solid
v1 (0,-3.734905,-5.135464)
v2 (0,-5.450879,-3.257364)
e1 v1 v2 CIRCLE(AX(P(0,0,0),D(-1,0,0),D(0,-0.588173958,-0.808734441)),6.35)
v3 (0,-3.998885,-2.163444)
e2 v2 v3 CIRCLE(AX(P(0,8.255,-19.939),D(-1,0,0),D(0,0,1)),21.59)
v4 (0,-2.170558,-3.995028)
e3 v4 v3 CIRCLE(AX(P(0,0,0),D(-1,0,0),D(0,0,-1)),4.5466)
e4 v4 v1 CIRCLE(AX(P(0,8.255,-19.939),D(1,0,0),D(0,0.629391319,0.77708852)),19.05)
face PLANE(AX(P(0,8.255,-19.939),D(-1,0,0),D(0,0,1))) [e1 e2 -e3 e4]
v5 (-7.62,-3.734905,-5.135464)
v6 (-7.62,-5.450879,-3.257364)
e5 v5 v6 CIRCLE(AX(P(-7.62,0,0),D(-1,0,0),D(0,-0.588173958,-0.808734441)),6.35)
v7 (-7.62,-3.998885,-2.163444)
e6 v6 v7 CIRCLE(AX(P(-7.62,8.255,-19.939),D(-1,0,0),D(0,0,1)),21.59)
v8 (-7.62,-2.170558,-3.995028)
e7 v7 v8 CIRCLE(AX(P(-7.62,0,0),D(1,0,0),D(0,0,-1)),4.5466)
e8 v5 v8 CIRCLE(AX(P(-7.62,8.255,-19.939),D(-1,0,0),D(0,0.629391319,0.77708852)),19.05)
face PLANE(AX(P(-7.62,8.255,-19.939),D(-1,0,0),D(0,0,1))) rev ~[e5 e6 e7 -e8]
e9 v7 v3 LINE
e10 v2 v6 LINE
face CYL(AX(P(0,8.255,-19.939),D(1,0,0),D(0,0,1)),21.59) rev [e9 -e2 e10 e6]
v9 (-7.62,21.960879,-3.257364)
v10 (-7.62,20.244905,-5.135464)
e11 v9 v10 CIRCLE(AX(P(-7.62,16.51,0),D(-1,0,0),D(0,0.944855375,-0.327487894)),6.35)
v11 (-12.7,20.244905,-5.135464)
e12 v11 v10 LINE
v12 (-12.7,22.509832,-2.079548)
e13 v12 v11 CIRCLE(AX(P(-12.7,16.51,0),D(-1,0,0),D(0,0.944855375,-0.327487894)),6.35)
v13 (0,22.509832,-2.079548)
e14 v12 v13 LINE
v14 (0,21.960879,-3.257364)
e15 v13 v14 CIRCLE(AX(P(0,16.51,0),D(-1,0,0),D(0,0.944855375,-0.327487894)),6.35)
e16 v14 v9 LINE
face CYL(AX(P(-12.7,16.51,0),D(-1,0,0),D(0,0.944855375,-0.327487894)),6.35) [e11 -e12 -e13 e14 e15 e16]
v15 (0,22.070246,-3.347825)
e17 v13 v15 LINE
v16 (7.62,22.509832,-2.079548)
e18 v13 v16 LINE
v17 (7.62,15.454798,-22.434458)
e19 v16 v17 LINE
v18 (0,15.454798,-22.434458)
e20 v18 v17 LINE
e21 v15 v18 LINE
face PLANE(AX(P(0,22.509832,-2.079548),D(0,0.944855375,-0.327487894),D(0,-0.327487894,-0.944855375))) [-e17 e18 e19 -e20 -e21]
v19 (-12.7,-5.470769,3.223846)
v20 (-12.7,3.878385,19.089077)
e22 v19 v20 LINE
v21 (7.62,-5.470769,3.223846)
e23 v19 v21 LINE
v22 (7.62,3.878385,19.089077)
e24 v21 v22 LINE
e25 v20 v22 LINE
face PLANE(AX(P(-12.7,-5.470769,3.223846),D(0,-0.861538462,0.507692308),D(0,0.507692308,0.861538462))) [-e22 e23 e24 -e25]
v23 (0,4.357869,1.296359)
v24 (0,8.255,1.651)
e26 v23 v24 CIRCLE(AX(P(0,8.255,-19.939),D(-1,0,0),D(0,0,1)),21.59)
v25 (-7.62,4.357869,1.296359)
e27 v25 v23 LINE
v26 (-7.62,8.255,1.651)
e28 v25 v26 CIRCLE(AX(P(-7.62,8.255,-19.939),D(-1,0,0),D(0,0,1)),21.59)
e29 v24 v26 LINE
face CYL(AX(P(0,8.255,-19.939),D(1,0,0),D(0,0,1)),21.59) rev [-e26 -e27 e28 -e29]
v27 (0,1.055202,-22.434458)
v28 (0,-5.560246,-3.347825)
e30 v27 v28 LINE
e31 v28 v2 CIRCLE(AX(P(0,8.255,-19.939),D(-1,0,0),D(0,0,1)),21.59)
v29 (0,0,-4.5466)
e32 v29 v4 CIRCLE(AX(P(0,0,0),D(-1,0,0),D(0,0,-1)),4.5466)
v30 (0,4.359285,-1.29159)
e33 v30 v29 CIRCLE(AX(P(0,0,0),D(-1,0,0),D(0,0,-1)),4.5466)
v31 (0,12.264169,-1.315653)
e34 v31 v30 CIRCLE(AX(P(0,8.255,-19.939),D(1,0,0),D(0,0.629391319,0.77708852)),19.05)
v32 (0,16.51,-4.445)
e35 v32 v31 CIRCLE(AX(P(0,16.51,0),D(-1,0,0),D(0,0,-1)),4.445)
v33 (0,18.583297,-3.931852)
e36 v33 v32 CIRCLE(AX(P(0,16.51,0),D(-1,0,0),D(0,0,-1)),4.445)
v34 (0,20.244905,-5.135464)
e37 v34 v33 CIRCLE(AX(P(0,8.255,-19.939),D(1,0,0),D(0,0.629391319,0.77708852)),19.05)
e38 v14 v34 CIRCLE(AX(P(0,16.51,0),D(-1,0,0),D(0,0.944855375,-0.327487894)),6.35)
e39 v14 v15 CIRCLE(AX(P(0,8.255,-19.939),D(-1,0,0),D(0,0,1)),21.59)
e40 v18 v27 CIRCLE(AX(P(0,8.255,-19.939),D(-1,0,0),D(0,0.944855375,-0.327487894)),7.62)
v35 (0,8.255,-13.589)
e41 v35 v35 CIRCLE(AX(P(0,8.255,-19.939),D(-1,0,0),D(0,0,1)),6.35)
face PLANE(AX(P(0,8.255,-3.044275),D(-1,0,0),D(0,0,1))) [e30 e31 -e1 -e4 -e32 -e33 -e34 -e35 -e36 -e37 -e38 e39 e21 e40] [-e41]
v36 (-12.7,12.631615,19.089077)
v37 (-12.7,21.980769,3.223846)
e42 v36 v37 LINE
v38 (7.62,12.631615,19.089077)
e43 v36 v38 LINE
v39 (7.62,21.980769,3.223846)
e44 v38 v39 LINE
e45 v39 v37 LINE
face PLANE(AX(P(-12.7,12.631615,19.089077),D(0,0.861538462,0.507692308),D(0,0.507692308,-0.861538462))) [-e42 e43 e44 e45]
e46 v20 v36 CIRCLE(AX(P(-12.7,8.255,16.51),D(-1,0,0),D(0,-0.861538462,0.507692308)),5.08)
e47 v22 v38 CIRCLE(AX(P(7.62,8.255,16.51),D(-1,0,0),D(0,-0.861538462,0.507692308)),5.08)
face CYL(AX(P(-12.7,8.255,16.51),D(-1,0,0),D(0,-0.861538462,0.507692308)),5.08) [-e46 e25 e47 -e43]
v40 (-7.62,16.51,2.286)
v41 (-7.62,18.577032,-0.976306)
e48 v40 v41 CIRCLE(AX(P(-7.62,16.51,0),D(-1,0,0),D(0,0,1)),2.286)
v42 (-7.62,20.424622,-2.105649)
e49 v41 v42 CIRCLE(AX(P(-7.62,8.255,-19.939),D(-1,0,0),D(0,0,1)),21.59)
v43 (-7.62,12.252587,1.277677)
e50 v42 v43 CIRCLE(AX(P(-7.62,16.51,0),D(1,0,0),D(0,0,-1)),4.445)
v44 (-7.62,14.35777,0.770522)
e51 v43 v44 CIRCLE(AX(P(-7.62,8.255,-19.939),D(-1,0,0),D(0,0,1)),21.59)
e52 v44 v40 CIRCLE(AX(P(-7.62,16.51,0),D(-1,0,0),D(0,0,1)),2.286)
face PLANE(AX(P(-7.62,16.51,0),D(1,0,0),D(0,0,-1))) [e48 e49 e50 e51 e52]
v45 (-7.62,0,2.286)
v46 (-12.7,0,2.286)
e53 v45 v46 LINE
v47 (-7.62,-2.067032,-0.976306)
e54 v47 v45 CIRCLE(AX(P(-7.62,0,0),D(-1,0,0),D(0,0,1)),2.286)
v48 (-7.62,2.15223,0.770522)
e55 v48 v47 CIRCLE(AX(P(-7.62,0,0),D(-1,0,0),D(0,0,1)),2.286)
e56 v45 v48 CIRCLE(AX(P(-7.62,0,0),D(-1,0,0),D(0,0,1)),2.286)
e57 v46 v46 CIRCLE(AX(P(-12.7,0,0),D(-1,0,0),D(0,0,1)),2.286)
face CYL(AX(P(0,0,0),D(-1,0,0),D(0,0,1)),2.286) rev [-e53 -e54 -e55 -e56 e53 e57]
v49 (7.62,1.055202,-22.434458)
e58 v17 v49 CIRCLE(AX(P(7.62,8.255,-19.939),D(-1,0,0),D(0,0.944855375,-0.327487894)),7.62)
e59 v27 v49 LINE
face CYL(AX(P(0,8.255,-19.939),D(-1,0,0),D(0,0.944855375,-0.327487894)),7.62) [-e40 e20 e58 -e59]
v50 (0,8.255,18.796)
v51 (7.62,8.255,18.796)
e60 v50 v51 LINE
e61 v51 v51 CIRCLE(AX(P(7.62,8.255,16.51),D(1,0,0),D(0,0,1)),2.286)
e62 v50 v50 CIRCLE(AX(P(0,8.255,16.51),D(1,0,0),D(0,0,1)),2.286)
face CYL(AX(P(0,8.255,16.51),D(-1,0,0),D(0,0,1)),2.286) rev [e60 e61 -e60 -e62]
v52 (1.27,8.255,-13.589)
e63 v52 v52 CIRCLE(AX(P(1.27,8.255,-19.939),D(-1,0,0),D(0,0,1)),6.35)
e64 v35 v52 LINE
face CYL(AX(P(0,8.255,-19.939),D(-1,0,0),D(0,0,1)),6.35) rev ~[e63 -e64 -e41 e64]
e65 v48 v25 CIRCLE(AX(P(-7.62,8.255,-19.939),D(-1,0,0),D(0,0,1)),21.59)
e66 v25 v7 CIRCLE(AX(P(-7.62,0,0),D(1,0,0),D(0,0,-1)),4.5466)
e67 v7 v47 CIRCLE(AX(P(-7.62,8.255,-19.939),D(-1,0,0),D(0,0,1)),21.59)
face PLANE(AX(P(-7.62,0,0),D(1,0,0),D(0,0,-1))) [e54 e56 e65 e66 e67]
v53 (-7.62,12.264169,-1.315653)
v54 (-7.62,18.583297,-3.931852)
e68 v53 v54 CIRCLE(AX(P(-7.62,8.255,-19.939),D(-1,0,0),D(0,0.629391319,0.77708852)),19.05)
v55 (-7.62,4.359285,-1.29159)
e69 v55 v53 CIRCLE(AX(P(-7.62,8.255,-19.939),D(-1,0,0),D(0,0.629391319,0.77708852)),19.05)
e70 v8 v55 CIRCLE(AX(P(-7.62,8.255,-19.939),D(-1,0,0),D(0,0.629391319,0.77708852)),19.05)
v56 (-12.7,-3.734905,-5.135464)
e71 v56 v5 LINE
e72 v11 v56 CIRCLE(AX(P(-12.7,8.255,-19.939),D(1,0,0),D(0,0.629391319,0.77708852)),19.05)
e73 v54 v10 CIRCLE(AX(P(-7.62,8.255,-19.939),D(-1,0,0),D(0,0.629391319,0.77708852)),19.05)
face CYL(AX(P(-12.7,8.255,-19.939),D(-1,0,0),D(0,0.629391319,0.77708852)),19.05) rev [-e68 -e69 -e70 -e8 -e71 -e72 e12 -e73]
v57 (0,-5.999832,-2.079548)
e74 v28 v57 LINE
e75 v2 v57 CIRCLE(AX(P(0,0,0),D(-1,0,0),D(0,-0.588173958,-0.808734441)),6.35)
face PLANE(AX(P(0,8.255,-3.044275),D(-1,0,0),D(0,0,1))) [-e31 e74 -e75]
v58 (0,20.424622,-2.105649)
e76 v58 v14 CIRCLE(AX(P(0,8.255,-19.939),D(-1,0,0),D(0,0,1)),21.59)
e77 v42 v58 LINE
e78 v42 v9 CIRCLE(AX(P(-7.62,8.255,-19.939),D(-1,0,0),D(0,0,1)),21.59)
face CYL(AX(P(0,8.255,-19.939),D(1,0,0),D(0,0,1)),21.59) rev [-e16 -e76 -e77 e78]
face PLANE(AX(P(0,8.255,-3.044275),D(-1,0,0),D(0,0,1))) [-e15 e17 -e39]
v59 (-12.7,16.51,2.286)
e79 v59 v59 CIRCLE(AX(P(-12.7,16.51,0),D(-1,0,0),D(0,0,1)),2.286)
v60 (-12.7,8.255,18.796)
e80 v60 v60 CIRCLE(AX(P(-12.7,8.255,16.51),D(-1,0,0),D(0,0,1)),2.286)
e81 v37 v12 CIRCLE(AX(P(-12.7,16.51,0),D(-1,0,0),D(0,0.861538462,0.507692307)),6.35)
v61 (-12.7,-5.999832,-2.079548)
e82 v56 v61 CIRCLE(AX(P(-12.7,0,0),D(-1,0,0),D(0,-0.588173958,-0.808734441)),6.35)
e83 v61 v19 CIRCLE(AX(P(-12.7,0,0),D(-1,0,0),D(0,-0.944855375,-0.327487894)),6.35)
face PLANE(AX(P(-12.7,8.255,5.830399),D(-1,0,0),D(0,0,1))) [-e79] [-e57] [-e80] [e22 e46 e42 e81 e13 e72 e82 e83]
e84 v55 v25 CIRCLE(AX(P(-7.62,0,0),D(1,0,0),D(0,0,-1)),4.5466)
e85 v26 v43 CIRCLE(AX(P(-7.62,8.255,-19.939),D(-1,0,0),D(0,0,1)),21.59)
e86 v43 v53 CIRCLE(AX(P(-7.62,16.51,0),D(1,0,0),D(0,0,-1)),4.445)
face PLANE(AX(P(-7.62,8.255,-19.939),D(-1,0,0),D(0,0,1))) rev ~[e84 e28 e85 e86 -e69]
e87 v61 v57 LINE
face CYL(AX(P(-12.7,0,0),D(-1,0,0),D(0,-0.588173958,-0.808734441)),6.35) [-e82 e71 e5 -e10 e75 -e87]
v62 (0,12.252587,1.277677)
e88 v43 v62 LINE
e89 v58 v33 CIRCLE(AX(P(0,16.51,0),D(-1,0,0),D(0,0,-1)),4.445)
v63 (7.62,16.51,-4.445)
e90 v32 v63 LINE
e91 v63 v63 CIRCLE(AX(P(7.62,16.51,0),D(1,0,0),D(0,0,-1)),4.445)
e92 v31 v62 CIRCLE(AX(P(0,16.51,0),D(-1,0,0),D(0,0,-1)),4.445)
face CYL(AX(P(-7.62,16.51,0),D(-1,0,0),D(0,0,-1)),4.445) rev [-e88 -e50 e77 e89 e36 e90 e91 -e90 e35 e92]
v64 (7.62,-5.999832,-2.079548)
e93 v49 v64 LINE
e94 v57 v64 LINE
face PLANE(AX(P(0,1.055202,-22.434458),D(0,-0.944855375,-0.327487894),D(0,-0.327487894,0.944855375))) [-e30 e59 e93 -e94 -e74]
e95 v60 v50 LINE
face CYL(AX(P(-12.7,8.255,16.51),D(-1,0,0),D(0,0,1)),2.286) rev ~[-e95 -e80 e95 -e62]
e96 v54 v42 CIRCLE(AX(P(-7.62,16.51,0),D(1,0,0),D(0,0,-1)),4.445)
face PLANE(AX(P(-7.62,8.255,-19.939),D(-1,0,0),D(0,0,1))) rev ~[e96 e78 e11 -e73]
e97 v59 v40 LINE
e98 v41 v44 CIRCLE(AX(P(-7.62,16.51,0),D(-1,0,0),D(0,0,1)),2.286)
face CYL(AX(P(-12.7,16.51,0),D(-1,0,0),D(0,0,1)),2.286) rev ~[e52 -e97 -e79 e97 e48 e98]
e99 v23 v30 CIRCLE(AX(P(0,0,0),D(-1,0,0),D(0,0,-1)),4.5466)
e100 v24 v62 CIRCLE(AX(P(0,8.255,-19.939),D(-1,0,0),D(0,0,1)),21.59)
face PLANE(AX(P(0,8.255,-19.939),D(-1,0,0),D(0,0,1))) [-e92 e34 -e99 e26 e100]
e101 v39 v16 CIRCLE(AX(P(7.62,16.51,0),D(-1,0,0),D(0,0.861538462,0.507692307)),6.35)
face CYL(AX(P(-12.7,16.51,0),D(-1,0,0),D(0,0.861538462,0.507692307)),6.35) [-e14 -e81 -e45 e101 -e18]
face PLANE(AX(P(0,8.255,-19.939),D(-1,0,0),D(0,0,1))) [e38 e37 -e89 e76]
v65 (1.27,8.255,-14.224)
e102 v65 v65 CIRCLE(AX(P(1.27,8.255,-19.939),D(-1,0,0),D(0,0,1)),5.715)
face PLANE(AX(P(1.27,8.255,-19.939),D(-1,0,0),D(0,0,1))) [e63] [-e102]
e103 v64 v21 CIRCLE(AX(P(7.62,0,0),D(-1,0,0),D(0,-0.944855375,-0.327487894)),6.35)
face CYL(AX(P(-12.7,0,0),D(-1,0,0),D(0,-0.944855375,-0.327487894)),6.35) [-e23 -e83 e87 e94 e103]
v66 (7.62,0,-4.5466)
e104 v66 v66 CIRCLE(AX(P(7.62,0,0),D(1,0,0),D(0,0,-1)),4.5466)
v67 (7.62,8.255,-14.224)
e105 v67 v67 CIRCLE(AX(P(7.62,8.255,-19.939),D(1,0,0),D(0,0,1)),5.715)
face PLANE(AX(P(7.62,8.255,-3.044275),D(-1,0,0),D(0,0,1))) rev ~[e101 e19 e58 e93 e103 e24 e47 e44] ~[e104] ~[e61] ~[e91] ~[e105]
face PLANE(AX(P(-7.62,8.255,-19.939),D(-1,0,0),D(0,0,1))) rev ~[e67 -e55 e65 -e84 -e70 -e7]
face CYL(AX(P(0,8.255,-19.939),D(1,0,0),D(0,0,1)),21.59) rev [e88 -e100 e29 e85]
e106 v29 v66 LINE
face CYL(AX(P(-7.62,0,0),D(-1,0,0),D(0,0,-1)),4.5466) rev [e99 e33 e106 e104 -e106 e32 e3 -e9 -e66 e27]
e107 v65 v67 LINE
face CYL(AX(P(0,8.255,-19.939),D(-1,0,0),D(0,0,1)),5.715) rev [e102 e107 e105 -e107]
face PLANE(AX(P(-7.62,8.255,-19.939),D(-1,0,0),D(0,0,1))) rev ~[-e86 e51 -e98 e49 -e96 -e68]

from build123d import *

# Parameters (mm, degrees)
SKETCH1_R           = 5.715
SKETCH1_R_2         = 2.286
BOSS_EXTRUDE1_DEPTH = 7.62
BOSS_EXTRUDE2_START = 12.7
SKETCH2_R           = 2.286
BOSS_EXTRUDE2_DEPTH = 12.7
SKETCH3_R           = 6.35
CUT_EXTRUDE1_DEPTH  = 1.27
SKETCH5_R           = 21.59
CUT_EXTRUDE3_DEPTH  = 7.62
CUT_EXTRUDE2_START  = -15.24
SKETCH4_R           = 4.5466
SKETCH4_R_2         = 4.445
CUT_EXTRUDE2_DEPTH  = 15.24


with BuildPart() as part:
    # Sketch1 → Boss-Extrude1 (new body)
    with BuildSketch(Plane(origin=(0, 0, 0), x_dir=(0, 0, -1), z_dir=(1, 0, 0))):
        with BuildLine():
            Line((2.079548127, 22.50983163), (22.434457752, 15.454797956))
            ThreePointArc((22.434457752, 15.454797956), (27.559, 8.255), (22.434457752, 1.055202044))
            Line((22.434457752, 1.055202044), (2.079548127, -5.99983163))
            ThreePointArc((2.079548127, -5.99983163), (-0.630342168, -6.318636621), (-3.223846154, -5.470769231))
            Line((-3.223846154, -5.470769231), (-19.089076923, 3.878384615))
            ThreePointArc((-19.089076923, 3.878384615), (-21.59, 8.255), (-19.089076923, 12.631615385))
            Line((-19.089076923, 12.631615385), (-3.223846154, 21.980769231))
            ThreePointArc((-3.223846154, 21.980769231), (-0.630342168, 22.828636621), (2.079548127, 22.50983163))
        make_face()
        with Locations(Location((19.939, 8.255, 0), (0, 0, 180))):
            Circle(SKETCH1_R, mode=Mode.SUBTRACT)
        with Locations(Location((0, 16.51, 0), (0, 0, 180))):
            Circle(SKETCH1_R_2, mode=Mode.SUBTRACT)
        with Locations(Location((0, 0, 0), (0, 0, 180))):
            Circle(SKETCH1_R_2, mode=Mode.SUBTRACT)
        with Locations(Location((-16.51, 8.255, 0), (0, 0, 180))):
            Circle(SKETCH1_R_2, mode=Mode.SUBTRACT)
    extrude(amount=BOSS_EXTRUDE1_DEPTH)

    # Sketch2 → Boss-Extrude2 (add)
    with BuildSketch(Plane.ZY.offset(BOSS_EXTRUDE2_START)):
        with BuildLine():
            Line((19.089076923, 12.631615385), (3.223846154, 21.980769231))
            ThreePointArc((3.223846154, 21.980769231), (0.630342168, 22.828636621), (-2.079548127, 22.50983163))
            ThreePointArc((-2.079548127, 22.50983163), (-3.781080863, 21.611561281), (-5.1354637, 20.244904629))
            ThreePointArc((-5.1354637, 20.244904629), (-0.889, 8.255), (-5.1354637, -3.734904629))
            ThreePointArc((-5.1354637, -3.734904629), (-3.781080863, -5.101561281), (-2.079548127, -5.99983163))
            ThreePointArc((-2.079548127, -5.99983163), (0.630342168, -6.318636621), (3.223846154, -5.470769231))
            Line((3.223846154, -5.470769231), (19.089076923, 3.878384615))
            ThreePointArc((19.089076923, 3.878384615), (21.59, 8.255), (19.089076923, 12.631615385))
        make_face()
        Circle(SKETCH2_R, mode=Mode.SUBTRACT)
        with Locations((0, 16.51)):
            Circle(SKETCH2_R, mode=Mode.SUBTRACT)
        with Locations((16.51, 8.255)):
            Circle(SKETCH2_R, mode=Mode.SUBTRACT)
    extrude(amount=-BOSS_EXTRUDE2_DEPTH)

    # Sketch3 → Cut-Extrude1 (cut)
    with BuildSketch(Plane.ZY):
        with Locations((-19.939, 8.255)):
            Circle(SKETCH3_R)
    extrude(amount=-CUT_EXTRUDE1_DEPTH, mode=Mode.SUBTRACT)

    # Sketch5 → Cut-Extrude3 (cut)
    with BuildSketch(Plane.ZY):
        with Locations((-19.939, 8.255)):
            Circle(SKETCH5_R)
    extrude(amount=CUT_EXTRUDE3_DEPTH, mode=Mode.SUBTRACT)

    # Sketch4 → Cut-Extrude2 (cut)
    with BuildSketch(Plane(origin=(7.62, 0, 0), x_dir=(0, 0, -1), z_dir=(1, 0, 0)).offset(CUT_EXTRUDE2_START)):
        Circle(SKETCH4_R)
        with Locations((0, 16.51)):
            Circle(SKETCH4_R_2)
    extrude(amount=CUT_EXTRUDE2_DEPTH, mode=Mode.SUBTRACT)


solid = part.part
